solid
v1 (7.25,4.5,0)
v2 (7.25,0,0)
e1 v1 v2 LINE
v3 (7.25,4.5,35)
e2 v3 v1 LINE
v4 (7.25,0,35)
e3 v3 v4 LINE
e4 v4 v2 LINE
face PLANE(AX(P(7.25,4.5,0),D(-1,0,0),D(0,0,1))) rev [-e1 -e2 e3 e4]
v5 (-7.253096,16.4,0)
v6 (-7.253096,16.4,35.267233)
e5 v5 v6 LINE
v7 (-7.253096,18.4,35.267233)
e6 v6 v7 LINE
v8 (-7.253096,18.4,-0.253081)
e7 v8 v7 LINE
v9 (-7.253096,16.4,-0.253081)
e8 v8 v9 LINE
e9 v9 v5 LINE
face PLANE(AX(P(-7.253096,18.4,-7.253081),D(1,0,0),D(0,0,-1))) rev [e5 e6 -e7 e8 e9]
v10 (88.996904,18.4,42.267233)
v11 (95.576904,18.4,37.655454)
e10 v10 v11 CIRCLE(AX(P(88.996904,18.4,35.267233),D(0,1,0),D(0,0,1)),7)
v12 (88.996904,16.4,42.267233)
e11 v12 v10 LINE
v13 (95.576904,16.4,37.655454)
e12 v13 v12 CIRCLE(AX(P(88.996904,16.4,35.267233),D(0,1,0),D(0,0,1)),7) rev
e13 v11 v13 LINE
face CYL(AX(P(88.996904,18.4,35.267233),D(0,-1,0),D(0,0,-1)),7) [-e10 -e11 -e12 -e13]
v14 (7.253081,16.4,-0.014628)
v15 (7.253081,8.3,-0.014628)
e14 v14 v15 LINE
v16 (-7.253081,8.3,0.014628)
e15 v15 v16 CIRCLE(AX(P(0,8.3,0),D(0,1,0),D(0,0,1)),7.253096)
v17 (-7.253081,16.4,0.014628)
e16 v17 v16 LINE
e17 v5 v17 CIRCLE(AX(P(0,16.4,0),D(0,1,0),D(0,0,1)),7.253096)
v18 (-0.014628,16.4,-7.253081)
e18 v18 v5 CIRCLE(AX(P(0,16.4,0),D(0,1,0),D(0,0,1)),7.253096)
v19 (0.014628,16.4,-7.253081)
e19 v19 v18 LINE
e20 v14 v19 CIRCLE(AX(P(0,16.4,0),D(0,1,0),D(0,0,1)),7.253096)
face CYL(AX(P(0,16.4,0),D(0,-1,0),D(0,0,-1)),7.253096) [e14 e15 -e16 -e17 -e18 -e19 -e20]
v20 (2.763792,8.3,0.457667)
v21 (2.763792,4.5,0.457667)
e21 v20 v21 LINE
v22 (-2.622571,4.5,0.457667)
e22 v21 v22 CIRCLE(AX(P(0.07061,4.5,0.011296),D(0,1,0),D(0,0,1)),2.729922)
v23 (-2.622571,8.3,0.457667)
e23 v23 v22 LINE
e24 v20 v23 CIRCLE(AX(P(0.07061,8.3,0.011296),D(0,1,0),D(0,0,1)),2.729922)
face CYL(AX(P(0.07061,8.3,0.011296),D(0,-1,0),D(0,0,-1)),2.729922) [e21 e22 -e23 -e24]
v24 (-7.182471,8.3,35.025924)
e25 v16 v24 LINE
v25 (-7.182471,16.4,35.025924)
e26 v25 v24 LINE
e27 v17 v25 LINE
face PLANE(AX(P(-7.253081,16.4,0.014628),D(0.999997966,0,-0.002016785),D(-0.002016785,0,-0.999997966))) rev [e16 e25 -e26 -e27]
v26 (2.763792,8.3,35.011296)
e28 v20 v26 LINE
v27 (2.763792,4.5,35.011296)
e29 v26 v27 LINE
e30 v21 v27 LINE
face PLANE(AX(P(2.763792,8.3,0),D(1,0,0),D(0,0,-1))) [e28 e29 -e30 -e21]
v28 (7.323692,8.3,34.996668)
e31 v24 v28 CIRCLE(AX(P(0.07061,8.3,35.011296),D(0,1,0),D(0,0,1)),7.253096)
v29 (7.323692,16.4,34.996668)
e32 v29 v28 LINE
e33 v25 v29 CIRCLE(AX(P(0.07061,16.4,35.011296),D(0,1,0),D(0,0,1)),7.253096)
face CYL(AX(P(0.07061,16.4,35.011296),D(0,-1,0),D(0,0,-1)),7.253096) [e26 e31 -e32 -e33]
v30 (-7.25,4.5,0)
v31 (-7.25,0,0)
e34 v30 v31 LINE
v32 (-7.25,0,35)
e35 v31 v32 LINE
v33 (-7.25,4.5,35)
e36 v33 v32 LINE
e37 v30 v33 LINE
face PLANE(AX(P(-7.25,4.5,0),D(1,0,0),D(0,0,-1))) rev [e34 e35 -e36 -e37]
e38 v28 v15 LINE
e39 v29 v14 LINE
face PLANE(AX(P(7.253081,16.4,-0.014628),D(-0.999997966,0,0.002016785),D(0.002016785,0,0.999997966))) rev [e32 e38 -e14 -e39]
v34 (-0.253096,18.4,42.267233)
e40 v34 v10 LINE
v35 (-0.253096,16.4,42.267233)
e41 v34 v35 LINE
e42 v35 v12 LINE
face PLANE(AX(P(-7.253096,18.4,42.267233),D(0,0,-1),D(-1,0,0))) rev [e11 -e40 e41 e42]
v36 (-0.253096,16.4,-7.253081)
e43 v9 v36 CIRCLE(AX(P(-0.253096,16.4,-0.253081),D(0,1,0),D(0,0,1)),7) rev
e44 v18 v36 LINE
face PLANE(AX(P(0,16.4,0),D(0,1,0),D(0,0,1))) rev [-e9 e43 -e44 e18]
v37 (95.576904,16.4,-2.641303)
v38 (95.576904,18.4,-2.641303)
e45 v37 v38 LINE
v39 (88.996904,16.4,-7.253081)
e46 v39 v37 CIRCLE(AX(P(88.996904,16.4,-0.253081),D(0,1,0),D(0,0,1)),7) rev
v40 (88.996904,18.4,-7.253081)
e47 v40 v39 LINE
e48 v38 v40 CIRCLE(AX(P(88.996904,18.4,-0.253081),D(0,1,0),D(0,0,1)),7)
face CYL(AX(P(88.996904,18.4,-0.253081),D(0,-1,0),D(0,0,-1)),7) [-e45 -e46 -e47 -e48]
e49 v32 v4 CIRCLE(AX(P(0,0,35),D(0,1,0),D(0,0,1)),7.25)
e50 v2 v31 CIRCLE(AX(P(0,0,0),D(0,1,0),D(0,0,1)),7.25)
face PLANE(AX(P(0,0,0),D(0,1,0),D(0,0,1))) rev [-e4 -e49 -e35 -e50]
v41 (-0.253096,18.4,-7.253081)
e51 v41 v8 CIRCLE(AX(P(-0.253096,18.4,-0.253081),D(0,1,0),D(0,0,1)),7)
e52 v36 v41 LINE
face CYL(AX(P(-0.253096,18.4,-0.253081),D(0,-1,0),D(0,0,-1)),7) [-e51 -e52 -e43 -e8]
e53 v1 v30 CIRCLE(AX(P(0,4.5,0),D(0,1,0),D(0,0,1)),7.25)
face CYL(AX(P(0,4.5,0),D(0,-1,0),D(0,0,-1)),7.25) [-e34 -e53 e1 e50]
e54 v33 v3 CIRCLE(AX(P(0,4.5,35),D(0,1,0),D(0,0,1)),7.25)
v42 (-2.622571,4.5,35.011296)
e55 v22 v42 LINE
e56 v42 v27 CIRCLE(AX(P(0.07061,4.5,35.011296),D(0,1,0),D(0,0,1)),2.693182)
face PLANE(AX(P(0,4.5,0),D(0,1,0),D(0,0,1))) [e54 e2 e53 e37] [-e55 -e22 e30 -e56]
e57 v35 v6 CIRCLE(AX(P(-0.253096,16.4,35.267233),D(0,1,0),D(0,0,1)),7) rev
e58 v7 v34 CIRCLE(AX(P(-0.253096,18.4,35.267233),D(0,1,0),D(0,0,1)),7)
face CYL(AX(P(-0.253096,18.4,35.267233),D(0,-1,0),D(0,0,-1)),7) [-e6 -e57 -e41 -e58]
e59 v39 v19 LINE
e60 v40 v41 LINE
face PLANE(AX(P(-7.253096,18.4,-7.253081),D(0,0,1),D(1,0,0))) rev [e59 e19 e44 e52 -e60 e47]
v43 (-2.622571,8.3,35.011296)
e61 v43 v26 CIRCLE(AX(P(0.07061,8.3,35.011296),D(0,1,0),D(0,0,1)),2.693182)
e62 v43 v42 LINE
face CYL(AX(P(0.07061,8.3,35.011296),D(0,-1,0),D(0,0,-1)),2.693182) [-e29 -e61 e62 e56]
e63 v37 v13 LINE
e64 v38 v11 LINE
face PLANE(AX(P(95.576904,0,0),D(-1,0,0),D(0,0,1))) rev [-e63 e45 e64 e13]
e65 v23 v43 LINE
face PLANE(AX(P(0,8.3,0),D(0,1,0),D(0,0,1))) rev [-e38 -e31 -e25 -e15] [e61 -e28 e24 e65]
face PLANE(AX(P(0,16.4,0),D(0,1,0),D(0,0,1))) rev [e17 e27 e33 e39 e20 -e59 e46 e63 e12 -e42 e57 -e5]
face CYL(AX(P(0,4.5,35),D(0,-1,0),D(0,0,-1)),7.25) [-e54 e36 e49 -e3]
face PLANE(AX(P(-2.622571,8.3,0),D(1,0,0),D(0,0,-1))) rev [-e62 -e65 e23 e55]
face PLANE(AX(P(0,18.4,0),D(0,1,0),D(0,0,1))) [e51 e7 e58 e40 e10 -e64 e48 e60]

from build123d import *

# Parameters (mm, degrees)
BOSS_EXTRUDE1_DEPTH = 4.5
BOSS_EXTRUDE2_DEPTH = 3.8
BOSS_EXTRUDE3_DEPTH = 8.1
SKETCH5_W           = 103.25
SKETCH5_H           = 49.520314098
BOSS_EXTRUDE4_DEPTH = 2
FILLET1_R           = 7
SKETCH6_W           = 74.836382047
SKETCH6_H           = 26.769621583
CUT_EXTRUDE1_DEPTH  = 0.42


with BuildPart() as part:
    # Sketch1 → Boss-Extrude1 (new body)
    with BuildSketch(Plane(origin=(0, 0, 0), x_dir=(1, 0, 0), z_dir=(0, 1, 0))):
        with BuildLine():
            Line((7.25, 0), (7.25, -35))
            ThreePointArc((7.25, -35), (0, -42.25), (-7.25, -35))
            Line((-7.25, -35), (-7.25, 0))
            ThreePointArc((-7.25, 0), (0, 7.25), (7.25, 0))
        make_face()
    extrude(amount=BOSS_EXTRUDE1_DEPTH)

    # Sketch3 → Boss-Extrude2 (add)
    with BuildSketch(Plane(origin=(0, 4.5, 0), x_dir=(1, 0, 0), z_dir=(0, 1, 0))):
        with BuildLine():
            Line((-2.622571491, -0.457666807), (-2.622571491, -35.011296081))
            ThreePointArc((-2.622571491, -35.011296081), (0.070610389, -37.704477961), (2.763792269, -35.011296081))
            Line((2.763792269, -35.011296081), (2.763792269, -0.457666807))
            ThreePointArc((2.763792269, -0.457666807), (0.070610389, 2.718626164), (-2.622571491, -0.457666807))
        make_face()
    extrude(amount=BOSS_EXTRUDE2_DEPTH)

    # Sketch4 → Boss-Extrude3 (add)
    with BuildSketch(Plane(origin=(0, 8.3, 0), x_dir=(1, 0, 0), z_dir=(0, 1, 0))):
        with BuildLine():
            Line((7.25308141, 0.014627933), (7.323691799, -34.996668148))
            ThreePointArc((7.323691799, -34.996668148), (0.085238322, -42.264377491), (-7.182471021, -35.025924014))
            Line((-7.182471021, -35.025924014), (-7.25308141, -0.014627933))
            ThreePointArc((-7.25308141, -0.014627933), (-0.014627933, 7.25308141), (7.25308141, 0.014627933))
        make_face()
    extrude(amount=BOSS_EXTRUDE3_DEPTH)

    # Sketch5 → Boss-Extrude4 (add)
    with BuildSketch(Plane(origin=(0, 16.4, 0), x_dir=(1, 0, 0), z_dir=(0, 1, 0))):
        with Locations((44.371903839, -17.507075639)):
            Rectangle(SKETCH5_W, SKETCH5_H)
    extrude(amount=BOSS_EXTRUDE4_DEPTH)

    # Fillet1
    fillet1_edges = [part.edges().sort_by_distance(p)[0] for p in [
        (95.996903839, 17.4, 42.267232688),
        (95.996903839, 17.4, -7.25308141),
        (-7.253096161, 17.4, -7.25308141),
        (-7.253096161, 17.4, 42.267232688),
    ]]
    fillet(fillet1_edges, radius=FILLET1_R)

    # Sketch6 → Cut-Extrude1 (cut)
    with BuildSketch(Plane(origin=(95.996903839, 0, 0), x_dir=(0, 0, -1), z_dir=(1, 0, 0))):
        with Locations((-22.928368507, 17.221399119)):
            Rectangle(SKETCH6_W, SKETCH6_H)
    extrude(amount=-CUT_EXTRUDE1_DEPTH, mode=Mode.SUBTRACT)


solid = part.part
